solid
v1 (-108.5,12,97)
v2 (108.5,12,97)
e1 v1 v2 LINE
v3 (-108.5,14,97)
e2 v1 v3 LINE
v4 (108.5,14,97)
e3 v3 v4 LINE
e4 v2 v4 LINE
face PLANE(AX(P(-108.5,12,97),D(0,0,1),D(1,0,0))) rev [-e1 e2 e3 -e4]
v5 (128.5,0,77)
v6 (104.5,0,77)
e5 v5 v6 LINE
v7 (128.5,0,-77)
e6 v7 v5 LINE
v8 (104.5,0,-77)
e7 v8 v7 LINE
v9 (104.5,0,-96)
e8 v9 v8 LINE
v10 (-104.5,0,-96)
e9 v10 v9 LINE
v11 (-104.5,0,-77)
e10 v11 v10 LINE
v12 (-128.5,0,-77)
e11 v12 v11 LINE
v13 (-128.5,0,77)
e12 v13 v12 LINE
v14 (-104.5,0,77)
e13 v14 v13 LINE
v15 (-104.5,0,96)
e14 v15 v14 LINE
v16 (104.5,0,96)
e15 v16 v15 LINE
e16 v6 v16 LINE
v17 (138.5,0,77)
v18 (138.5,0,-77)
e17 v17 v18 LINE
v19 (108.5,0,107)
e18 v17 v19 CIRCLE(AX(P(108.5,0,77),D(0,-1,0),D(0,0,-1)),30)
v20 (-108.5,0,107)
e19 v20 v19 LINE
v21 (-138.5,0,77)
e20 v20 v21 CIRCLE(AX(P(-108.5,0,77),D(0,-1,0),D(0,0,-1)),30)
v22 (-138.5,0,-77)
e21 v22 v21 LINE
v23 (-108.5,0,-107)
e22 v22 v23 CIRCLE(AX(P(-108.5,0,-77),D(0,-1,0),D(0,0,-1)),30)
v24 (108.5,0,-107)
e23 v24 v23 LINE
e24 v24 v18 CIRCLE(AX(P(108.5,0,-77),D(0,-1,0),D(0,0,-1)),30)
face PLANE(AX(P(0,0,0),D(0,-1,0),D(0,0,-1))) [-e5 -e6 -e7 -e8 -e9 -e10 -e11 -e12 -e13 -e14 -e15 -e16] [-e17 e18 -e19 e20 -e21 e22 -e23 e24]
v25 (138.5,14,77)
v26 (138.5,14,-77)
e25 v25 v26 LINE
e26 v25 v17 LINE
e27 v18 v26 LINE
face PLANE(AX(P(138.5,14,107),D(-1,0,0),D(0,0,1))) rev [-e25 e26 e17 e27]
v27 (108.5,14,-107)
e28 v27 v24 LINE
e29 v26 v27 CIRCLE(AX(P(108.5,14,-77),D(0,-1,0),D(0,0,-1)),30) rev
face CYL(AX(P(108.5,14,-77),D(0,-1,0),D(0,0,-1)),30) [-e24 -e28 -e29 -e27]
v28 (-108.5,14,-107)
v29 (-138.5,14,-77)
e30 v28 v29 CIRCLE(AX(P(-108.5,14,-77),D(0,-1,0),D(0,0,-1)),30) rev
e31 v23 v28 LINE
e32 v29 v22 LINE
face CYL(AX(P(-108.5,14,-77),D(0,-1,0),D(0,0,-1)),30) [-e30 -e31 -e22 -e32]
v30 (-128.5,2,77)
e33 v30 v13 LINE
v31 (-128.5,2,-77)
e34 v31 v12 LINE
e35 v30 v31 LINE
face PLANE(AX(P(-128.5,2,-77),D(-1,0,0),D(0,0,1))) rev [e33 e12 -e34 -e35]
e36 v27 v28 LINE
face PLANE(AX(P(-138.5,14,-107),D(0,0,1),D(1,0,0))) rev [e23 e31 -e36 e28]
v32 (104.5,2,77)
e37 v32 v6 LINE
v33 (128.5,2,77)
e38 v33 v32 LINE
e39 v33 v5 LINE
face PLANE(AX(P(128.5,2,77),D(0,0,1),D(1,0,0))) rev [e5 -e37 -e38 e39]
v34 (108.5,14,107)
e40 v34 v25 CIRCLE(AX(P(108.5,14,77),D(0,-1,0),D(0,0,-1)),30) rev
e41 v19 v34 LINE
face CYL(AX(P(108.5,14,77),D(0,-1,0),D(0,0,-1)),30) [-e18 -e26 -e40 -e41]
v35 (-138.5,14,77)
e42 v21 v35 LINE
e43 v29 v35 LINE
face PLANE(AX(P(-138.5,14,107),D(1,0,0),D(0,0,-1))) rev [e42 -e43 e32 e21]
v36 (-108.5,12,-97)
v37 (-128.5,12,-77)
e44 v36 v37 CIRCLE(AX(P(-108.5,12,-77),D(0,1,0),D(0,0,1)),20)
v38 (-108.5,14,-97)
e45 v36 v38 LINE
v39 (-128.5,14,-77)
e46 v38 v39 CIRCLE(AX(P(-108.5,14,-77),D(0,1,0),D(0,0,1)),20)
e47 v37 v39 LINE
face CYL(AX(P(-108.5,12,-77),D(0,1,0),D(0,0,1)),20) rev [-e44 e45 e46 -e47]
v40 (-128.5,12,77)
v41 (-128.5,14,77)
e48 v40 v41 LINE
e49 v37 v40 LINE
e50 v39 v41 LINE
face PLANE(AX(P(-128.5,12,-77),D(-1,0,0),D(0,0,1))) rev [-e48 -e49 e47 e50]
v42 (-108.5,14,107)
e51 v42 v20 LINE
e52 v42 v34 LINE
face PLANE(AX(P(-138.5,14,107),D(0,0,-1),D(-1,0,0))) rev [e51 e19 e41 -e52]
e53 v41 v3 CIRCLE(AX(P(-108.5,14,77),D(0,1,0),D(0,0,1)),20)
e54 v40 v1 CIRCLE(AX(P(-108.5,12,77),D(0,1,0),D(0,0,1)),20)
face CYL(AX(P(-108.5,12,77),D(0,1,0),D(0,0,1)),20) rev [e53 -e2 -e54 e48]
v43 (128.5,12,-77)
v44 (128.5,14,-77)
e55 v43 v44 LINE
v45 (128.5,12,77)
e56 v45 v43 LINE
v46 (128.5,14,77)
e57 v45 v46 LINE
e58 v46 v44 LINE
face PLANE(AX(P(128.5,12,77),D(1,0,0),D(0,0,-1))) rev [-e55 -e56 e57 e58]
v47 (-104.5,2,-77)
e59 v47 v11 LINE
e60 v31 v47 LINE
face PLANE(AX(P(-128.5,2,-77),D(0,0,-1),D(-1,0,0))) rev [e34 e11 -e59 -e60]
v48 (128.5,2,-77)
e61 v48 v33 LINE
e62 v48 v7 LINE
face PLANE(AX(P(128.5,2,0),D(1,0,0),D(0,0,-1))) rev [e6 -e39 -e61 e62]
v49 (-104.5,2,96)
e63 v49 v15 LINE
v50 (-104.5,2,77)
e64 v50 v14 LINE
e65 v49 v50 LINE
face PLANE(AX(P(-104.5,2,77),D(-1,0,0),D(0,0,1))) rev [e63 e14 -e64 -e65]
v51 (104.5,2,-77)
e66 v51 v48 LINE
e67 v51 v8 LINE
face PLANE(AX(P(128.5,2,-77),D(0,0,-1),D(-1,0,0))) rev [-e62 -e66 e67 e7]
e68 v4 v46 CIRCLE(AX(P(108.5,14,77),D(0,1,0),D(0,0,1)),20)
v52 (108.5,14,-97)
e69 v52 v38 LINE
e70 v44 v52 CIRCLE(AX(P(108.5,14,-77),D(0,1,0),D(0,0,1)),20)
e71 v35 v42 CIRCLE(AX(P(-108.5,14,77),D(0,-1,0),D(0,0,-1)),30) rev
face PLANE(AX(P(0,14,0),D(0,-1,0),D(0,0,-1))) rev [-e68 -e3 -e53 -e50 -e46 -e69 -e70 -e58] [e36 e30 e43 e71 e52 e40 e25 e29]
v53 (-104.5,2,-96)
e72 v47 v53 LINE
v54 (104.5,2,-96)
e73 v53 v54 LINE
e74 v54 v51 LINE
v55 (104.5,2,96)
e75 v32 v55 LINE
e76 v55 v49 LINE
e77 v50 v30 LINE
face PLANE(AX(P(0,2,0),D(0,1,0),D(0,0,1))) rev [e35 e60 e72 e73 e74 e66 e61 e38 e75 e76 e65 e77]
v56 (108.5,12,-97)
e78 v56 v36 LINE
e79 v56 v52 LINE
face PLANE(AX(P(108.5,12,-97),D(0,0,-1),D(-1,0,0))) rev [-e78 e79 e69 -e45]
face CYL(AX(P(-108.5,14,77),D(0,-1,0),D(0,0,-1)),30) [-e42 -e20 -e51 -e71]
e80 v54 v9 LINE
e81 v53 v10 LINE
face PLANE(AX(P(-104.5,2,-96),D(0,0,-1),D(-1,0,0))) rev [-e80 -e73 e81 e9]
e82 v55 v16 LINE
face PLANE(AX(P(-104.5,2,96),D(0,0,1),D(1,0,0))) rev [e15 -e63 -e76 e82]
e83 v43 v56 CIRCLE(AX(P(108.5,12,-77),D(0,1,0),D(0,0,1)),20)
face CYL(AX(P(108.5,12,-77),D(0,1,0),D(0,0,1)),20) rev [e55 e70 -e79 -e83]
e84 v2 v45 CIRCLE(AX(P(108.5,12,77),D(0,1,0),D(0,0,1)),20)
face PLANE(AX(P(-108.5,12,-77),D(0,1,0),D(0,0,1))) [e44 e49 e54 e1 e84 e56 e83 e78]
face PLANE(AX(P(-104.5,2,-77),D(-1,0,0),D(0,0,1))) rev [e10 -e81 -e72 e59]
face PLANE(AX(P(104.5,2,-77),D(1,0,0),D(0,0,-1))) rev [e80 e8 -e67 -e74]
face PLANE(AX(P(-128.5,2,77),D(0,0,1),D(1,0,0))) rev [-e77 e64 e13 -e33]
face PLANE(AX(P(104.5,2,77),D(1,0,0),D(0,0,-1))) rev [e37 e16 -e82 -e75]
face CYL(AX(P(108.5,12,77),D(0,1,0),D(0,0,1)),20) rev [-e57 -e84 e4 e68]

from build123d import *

# Parameters (mm, degrees)
SKETCH3_W           = 277
SKETCH3_H           = 214
BOSS_EXTRUDE1_DEPTH = 14
FILLET1_R           = 30
CUT_EXTRUDE1_DEPTH  = 2
CUT_EXTRUDE2_DEPTH  = 2


with BuildPart() as part:
    # Sketch3 → Boss-Extrude1 (new body)
    with BuildSketch(Plane(origin=(0, 0, 0), x_dir=(1, 0, 0), z_dir=(0, 1, 0))):
        Rectangle(SKETCH3_W, SKETCH3_H)
    extrude(amount=BOSS_EXTRUDE1_DEPTH)

    # Fillet1
    fillet1_edges = [part.edges().sort_by_distance(p)[0] for p in [
        (138.5, 7, 107),
        (-138.5, 7, 107),
        (-138.5, 7, -107),
        (138.5, 7, -107),
    ]]
    fillet(fillet1_edges, radius=FILLET1_R)

    # Sketch4 → Cut-Extrude1 (cut)
    with BuildSketch(Plane(origin=(0, 14, 0), x_dir=(1, 0, 0), z_dir=(0, 1, 0))):
        with BuildLine():
            Line((-128.5, 77), (-128.5, -77))
            ThreePointArc((-128.5, -77), (-122.642135624, -91.142135624), (-108.5, -97))
            Line((-108.5, -97), (108.5, -97))
            ThreePointArc((108.5, -97), (122.642135624, -91.142135624), (128.5, -77))
            Line((128.5, -77), (128.5, 77))
            ThreePointArc((128.5, 77), (122.642135624, 91.142135624), (108.5, 97))
            Line((108.5, 97), (-108.5, 97))
            ThreePointArc((-108.5, 97), (-122.642135624, 91.142135624), (-128.5, 77))
        make_face()
    extrude(amount=-CUT_EXTRUDE1_DEPTH, mode=Mode.SUBTRACT)

    # Sketch5 → Cut-Extrude2 (cut)
    with BuildSketch(Plane.XZ):
        Polygon((-104.5, 96), (104.5, 96), (104.5, 77), (128.5, 77), (128.5, 0), (128.5, -77), (104.5, -77), (104.5, -96), (-104.5, -96), (-104.5, -77), (-128.5, -77), (-128.5, 77), (-104.5, 77), align=None)
    extrude(amount=-CUT_EXTRUDE2_DEPTH, mode=Mode.SUBTRACT)


solid = part.part
